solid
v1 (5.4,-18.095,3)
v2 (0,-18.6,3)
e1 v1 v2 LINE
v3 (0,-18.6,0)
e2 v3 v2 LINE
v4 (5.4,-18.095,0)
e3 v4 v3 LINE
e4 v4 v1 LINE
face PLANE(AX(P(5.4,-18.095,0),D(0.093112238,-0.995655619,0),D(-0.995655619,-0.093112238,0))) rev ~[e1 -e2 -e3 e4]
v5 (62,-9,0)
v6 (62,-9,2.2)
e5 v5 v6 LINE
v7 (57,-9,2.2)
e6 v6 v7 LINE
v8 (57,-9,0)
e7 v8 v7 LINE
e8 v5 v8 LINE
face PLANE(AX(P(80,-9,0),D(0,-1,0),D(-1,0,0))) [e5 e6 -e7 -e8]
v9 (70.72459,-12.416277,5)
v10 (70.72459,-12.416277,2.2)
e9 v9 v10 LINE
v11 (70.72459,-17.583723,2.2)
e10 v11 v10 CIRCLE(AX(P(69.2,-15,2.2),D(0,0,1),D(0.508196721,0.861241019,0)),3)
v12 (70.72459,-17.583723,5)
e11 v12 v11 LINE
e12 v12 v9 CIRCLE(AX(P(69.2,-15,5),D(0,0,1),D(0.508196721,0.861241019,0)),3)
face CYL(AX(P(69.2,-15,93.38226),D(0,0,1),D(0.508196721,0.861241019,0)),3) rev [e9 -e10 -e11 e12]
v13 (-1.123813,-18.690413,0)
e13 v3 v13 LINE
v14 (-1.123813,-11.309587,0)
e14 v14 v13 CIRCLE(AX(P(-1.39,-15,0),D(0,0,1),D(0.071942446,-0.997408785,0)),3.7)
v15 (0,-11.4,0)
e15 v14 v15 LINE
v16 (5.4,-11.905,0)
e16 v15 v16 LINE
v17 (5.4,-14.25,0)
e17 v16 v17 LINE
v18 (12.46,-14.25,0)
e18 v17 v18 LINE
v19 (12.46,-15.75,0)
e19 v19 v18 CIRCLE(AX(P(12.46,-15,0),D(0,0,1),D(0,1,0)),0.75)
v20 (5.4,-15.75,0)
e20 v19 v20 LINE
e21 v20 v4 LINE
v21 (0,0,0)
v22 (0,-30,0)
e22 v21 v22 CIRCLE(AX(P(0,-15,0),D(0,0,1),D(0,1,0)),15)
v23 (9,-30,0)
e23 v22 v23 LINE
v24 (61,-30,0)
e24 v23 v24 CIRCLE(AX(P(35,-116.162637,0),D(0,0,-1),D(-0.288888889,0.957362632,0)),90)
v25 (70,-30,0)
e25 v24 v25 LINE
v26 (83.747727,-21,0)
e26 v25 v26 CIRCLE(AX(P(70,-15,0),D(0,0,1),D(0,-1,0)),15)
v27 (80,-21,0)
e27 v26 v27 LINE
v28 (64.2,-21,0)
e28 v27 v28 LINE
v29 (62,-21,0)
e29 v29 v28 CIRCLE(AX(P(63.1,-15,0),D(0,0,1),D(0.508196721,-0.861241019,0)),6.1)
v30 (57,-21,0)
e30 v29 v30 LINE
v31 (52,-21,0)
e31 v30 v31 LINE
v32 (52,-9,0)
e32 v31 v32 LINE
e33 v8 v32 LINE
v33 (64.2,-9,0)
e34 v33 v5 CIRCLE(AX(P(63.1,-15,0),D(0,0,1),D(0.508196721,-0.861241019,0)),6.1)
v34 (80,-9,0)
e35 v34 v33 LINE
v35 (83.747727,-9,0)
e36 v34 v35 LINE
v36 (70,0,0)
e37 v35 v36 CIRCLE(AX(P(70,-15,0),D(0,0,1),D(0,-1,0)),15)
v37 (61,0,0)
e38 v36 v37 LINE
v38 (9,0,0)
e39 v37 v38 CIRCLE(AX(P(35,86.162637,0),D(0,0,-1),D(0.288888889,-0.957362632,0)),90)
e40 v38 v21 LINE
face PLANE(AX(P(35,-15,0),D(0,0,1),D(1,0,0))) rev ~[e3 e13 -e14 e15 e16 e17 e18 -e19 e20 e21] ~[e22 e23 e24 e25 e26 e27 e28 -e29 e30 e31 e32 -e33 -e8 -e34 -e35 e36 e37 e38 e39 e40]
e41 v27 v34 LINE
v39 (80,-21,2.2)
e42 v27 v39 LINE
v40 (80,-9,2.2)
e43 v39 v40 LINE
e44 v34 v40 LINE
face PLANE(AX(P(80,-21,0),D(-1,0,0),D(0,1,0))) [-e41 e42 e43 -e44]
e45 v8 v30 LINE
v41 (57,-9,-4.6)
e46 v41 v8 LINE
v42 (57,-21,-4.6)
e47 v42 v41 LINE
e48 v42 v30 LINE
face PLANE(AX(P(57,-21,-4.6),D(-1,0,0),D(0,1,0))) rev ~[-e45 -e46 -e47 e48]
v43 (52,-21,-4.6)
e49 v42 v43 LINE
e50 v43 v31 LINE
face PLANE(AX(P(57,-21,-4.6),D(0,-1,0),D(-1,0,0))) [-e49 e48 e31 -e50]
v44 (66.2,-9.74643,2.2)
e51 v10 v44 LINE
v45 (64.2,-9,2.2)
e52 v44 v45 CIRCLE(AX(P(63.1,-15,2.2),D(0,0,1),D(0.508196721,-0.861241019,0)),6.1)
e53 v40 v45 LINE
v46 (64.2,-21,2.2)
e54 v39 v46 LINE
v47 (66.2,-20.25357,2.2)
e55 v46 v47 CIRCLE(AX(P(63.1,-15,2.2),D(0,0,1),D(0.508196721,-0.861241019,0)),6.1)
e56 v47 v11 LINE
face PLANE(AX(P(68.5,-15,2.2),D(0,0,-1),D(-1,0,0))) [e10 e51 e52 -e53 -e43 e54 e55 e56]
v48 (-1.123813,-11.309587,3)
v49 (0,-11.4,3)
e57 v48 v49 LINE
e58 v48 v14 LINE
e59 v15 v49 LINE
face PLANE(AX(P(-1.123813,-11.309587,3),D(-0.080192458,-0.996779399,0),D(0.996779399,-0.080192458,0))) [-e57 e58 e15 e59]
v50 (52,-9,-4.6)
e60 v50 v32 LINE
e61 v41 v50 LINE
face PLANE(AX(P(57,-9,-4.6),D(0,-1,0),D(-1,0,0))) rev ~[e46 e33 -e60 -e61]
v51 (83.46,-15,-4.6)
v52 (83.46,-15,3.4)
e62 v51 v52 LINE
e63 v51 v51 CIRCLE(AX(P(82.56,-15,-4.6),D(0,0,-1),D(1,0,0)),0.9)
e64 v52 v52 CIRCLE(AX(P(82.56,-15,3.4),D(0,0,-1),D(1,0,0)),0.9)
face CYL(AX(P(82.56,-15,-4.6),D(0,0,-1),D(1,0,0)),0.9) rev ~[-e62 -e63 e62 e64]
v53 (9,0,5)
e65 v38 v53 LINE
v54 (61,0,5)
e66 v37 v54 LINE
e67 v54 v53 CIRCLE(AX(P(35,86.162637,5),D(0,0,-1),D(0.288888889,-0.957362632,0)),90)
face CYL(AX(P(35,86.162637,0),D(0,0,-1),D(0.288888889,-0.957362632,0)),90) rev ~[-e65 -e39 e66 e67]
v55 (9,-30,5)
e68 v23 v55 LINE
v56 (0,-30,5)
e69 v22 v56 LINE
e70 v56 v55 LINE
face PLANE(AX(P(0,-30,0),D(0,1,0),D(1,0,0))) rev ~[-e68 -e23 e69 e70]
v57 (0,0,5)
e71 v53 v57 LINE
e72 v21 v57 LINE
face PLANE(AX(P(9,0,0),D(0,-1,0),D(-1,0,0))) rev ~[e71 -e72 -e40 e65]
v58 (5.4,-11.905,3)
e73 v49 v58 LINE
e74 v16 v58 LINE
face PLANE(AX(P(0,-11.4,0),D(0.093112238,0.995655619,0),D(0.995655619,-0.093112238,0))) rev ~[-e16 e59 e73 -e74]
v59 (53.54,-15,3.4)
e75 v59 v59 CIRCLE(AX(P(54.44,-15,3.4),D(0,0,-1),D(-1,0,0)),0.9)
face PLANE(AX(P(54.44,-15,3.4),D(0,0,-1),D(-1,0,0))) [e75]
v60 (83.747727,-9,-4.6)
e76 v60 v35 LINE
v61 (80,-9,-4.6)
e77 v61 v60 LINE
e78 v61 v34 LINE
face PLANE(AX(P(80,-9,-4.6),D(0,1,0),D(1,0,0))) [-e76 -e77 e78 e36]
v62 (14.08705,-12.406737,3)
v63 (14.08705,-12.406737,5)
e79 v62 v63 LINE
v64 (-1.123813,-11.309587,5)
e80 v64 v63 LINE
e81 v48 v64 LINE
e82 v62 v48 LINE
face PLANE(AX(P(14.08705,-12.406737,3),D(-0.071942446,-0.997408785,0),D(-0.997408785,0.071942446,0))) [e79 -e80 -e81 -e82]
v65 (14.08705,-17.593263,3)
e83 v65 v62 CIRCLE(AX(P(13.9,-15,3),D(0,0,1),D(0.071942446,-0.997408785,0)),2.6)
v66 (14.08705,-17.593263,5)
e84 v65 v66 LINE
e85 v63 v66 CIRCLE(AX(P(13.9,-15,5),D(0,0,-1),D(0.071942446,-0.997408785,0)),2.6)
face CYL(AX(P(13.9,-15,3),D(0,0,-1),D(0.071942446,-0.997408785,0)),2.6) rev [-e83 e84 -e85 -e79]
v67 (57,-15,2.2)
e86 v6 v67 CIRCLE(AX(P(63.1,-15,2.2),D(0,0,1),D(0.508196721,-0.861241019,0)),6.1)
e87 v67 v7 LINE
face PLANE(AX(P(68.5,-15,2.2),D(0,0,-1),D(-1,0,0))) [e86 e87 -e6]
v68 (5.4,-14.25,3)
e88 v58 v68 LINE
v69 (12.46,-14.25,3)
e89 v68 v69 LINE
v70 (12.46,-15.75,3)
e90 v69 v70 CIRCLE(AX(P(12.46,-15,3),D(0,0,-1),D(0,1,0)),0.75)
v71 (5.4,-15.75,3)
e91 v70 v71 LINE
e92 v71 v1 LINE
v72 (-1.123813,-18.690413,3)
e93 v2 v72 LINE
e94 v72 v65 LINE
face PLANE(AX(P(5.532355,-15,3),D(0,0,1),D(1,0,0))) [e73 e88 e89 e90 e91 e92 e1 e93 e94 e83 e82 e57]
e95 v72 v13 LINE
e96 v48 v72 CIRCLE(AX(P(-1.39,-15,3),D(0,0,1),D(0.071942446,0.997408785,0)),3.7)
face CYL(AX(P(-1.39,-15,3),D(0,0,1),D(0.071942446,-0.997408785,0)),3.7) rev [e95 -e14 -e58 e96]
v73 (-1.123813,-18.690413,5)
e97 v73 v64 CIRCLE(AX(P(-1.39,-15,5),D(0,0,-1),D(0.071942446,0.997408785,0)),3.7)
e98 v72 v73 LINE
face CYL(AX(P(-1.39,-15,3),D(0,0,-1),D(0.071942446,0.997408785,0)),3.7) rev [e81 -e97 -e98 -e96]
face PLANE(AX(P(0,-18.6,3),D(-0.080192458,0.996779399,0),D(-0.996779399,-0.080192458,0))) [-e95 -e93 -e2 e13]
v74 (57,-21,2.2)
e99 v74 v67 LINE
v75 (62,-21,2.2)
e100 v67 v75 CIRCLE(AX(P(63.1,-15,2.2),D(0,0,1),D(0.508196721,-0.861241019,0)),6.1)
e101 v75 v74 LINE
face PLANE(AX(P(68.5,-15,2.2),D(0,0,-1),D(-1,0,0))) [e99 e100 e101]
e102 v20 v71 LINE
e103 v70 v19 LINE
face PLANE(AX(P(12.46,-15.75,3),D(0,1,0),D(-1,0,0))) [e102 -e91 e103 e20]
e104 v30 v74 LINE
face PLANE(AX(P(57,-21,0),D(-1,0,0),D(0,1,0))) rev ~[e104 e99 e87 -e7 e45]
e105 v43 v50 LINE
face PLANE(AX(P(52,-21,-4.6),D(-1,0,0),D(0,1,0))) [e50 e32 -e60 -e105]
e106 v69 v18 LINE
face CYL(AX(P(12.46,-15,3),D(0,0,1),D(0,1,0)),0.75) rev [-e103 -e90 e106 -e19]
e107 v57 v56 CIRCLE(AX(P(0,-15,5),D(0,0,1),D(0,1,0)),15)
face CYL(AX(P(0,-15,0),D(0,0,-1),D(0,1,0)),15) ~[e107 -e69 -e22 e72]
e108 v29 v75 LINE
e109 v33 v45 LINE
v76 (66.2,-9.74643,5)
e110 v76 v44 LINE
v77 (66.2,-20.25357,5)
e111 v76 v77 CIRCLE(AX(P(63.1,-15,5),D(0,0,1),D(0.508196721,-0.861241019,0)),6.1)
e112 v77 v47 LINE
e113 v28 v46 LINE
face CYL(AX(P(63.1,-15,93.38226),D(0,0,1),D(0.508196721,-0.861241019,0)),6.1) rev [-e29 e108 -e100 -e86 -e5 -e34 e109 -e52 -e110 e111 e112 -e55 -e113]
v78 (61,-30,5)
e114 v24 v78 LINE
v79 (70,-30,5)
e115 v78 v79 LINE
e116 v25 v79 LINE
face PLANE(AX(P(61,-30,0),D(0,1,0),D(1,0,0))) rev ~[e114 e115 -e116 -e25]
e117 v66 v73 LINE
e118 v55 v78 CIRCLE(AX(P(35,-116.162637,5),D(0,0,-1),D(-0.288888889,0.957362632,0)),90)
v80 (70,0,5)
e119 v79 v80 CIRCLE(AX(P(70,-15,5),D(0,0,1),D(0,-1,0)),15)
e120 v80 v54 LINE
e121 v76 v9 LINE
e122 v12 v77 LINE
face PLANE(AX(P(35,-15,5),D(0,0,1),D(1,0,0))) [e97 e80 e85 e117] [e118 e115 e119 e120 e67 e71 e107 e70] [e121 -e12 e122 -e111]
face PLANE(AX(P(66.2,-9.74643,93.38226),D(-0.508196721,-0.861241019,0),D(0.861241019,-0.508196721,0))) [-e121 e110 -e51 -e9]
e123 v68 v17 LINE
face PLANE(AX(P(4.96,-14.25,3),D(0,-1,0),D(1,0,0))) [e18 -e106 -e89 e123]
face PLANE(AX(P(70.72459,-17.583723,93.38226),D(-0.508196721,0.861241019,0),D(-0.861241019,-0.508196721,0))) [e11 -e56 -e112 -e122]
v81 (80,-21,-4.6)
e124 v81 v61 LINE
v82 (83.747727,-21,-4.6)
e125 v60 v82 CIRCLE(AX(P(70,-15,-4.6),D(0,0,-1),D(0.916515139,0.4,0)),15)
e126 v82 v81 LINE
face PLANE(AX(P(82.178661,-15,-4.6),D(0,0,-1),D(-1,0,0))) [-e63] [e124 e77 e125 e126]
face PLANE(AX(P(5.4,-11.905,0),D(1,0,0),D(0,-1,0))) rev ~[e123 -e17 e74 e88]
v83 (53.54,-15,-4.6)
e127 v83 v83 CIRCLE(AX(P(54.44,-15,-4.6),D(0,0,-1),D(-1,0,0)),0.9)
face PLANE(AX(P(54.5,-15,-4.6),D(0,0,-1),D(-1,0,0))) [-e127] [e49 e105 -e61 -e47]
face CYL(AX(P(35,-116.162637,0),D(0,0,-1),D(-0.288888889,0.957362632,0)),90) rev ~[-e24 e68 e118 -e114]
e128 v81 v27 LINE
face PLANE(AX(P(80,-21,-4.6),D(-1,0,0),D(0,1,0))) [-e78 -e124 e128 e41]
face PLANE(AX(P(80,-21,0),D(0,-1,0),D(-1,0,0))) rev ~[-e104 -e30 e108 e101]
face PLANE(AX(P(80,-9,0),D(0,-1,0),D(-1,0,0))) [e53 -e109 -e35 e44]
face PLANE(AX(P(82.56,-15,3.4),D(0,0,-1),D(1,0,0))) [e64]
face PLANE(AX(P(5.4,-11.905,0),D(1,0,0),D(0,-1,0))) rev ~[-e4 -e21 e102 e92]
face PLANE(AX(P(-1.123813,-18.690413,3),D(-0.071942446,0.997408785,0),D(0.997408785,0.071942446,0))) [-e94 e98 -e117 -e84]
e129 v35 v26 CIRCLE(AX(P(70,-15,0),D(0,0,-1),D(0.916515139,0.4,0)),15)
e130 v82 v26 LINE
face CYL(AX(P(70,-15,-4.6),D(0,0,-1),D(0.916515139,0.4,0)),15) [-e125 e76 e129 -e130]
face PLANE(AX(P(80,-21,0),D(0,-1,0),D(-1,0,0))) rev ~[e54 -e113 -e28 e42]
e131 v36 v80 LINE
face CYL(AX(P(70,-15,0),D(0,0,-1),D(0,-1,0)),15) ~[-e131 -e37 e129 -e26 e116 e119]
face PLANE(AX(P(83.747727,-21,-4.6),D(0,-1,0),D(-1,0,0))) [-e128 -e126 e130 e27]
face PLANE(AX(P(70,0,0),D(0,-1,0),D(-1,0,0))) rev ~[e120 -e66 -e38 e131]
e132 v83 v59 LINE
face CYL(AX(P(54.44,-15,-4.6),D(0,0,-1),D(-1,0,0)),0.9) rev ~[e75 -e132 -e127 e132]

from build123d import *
from build123d.topology import SkipClean

# Parameters (mm, degrees)
BOSS_EXTRUDE1_DEPTH        = 5
CROQUIS3_W                 = 23
CROQUIS3_H                 = 12
CORTAR_EXTRUIR2_DEPTH      = 2.2
CORTAR_EXTRUIR3_DEPTH      = 91.182259896
CORTAR_EXTRUIR3_DEPTH_BACK = 91.182259896
CUT_EXTRUDE4_DEPTH         = 91.277350426
CUT_EXTRUDE4_DEPTH_BACK    = 2
CUT_EXTRUDE6_DEPTH         = 91.188691087
BOSS_EXTRUDE2_START        = 4.6
SKETCH9_W                  = 5
SKETCH9_H                  = 12
BOSS_EXTRUDE2_DEPTH        = 4.6
SKETCH10_R                 = 0.9
CUT_EXTRUDE7_DEPTH         = 8
CUT_EXTRUDE8_DEPTH         = 91.458609319


with BuildPart() as part:
    # Sketch1 → Boss-Extrude1 (new body)
    with BuildSketch(Plane(origin=(0, 0, 0), x_dir=(-1, 0, 0), z_dir=(0, 0, -1))):
        with BuildLine():
            Line((-70, 0), (-61, 0))
            ThreePointArc((-61, 0), (-35, -3.837363086), (-9, 0))
            Line((-9, 0), (0, 0))
            ThreePointArc((0, 0), (15, -15), (0, -30))
            Line((0, -30), (-9, -30))
            ThreePointArc((-9, -30), (-35, -26.162636914), (-61, -30))
            Line((-61, -30), (-70, -30))
            ThreePointArc((-70, -30), (-85, -15), (-70, 0))
        make_face()
        with BuildLine():
            Line((0, -11.4), (-5.4, -11.905))
            Line((-5.4, -11.905), (-5.4, -18.095))
            Line((-5.4, -18.095), (0, -18.6))
            ThreePointArc((0, -18.6), (3.6, -15), (0, -11.4))
        make_face(mode=Mode.SUBTRACT)
    extrude(amount=-BOSS_EXTRUDE1_DEPTH)

    # Croquis3 → Cortar-Extruir2 (cut)
    with BuildSketch(Plane(origin=(0, 0, 0), x_dir=(-1, 0, 0), z_dir=(0, 0, -1))):
        with Locations((-68.5, -15)):
            Rectangle(CROQUIS3_W, CROQUIS3_H)
    extrude(amount=-CORTAR_EXTRUIR2_DEPTH, mode=Mode.SUBTRACT)

    # Croquis4 → Cortar-Extruir3 (cut, two sides: drawn at the far end of the back side and taken through both)
    with BuildSketch(Plane(origin=(0, 0, 2.2), x_dir=(-1, 0, 0), z_dir=(0, 0, -1)).offset(-CORTAR_EXTRUIR3_DEPTH_BACK)):
        with BuildLine():
            Line((-66.2, -9.746429785), (-70.724590164, -12.416276944))
            ThreePointArc((-70.724590164, -12.416276944), (-72.2, -15), (-70.724590164, -17.583723056))
            Line((-70.724590164, -17.583723056), (-66.2, -20.253570215))
            ThreePointArc((-66.2, -20.253570215), (-57, -15), (-66.2, -9.746429785))
        make_face()
    extrude(amount=CORTAR_EXTRUIR3_DEPTH + CORTAR_EXTRUIR3_DEPTH_BACK, mode=Mode.SUBTRACT)

    # Sketch6 → Cut-Extrude4 (cut, two sides: drawn at the far end of the back side and taken through both)
    with BuildSketch(Plane.XY.offset(5).offset(-CUT_EXTRUDE4_DEPTH_BACK)):
        with BuildLine():
            Line((14.08705036, -12.406737159), (-1.12381295, -11.309587495))
            ThreePointArc((-1.12381295, -11.309587495), (-5.09, -15), (-1.12381295, -18.690412505))
            Line((-1.12381295, -18.690412505), (14.08705036, -17.593262841))
            ThreePointArc((14.08705036, -17.593262841), (16.5, -15), (14.08705036, -12.406737159))
        make_face()
    extrude(amount=CUT_EXTRUDE4_DEPTH + CUT_EXTRUDE4_DEPTH_BACK, mode=Mode.SUBTRACT)

    # Sketch8 → Cut-Extrude6 (cut, through all)
    with SkipClean():  # the faces are left unmerged after this step: merging them gives an invalid solid
        with BuildSketch(Plane.XY.offset(3)):
            with BuildLine():
                Line((-1.12381295, -11.309587495), (0, -11.4))
                ThreePointArc((0, -11.4), (-3.6, -15), (0, -18.6))
                Line((0, -18.6), (-1.12381295, -18.690412505))
                ThreePointArc((-1.12381295, -18.690412505), (-5.09, -15), (-1.12381295, -11.309587495))
            make_face()
        extrude(amount=-CUT_EXTRUDE6_DEPTH, mode=Mode.SUBTRACT)

    # Sketch9 → Boss-Extrude2 (add)
    with SkipClean():  # the faces are left unmerged after this step: merging them gives an invalid solid
        with BuildSketch(Plane(origin=(0, 0, 0), x_dir=(-1, 0, 0), z_dir=(0, 0, -1)).offset(BOSS_EXTRUDE2_START)):
            with BuildLine():
                Line((-83.747727085, -21), (-80, -21))
                Line((-80, -21), (-80, -9))
                Line((-80, -9), (-83.747727085, -9))
                ThreePointArc((-83.747727085, -9), (-85, -15), (-83.747727085, -21))
            make_face()
            with Locations((-54.5, -15)):
                Rectangle(SKETCH9_W, SKETCH9_H)
        extrude(amount=-BOSS_EXTRUDE2_DEPTH)

    # Sketch10 → Cut-Extrude7 (cut)
    with SkipClean():  # the faces are left unmerged after this step: merging them gives an invalid solid
        with BuildSketch(Plane(origin=(0, 0, -4.6), x_dir=(-1, 0, 0), z_dir=(0, 0, -1))):
            with Locations((-54.44, -15)):
                Circle(SKETCH10_R)
            with Locations(Location((-82.56, -15, 0), (0, 0, 180))):
                Circle(SKETCH10_R)
        extrude(amount=-CUT_EXTRUDE7_DEPTH, mode=Mode.SUBTRACT)

    # Sketch11 → Cut-Extrude8 (cut, through all)
    with SkipClean():  # the faces are left unmerged after this step: merging them gives an invalid solid
        with BuildSketch(Plane.XY.offset(3)):
            with BuildLine():
                Line((4.96, -14.25), (12.46, -14.25))
                ThreePointArc((12.46, -14.25), (13.21, -15), (12.46, -15.75))
                Line((12.46, -15.75), (4.96, -15.75))
                Line((4.96, -15.75), (4.96, -14.25))
            make_face()
        extrude(amount=-CUT_EXTRUDE8_DEPTH, mode=Mode.SUBTRACT)


solid = part.part
